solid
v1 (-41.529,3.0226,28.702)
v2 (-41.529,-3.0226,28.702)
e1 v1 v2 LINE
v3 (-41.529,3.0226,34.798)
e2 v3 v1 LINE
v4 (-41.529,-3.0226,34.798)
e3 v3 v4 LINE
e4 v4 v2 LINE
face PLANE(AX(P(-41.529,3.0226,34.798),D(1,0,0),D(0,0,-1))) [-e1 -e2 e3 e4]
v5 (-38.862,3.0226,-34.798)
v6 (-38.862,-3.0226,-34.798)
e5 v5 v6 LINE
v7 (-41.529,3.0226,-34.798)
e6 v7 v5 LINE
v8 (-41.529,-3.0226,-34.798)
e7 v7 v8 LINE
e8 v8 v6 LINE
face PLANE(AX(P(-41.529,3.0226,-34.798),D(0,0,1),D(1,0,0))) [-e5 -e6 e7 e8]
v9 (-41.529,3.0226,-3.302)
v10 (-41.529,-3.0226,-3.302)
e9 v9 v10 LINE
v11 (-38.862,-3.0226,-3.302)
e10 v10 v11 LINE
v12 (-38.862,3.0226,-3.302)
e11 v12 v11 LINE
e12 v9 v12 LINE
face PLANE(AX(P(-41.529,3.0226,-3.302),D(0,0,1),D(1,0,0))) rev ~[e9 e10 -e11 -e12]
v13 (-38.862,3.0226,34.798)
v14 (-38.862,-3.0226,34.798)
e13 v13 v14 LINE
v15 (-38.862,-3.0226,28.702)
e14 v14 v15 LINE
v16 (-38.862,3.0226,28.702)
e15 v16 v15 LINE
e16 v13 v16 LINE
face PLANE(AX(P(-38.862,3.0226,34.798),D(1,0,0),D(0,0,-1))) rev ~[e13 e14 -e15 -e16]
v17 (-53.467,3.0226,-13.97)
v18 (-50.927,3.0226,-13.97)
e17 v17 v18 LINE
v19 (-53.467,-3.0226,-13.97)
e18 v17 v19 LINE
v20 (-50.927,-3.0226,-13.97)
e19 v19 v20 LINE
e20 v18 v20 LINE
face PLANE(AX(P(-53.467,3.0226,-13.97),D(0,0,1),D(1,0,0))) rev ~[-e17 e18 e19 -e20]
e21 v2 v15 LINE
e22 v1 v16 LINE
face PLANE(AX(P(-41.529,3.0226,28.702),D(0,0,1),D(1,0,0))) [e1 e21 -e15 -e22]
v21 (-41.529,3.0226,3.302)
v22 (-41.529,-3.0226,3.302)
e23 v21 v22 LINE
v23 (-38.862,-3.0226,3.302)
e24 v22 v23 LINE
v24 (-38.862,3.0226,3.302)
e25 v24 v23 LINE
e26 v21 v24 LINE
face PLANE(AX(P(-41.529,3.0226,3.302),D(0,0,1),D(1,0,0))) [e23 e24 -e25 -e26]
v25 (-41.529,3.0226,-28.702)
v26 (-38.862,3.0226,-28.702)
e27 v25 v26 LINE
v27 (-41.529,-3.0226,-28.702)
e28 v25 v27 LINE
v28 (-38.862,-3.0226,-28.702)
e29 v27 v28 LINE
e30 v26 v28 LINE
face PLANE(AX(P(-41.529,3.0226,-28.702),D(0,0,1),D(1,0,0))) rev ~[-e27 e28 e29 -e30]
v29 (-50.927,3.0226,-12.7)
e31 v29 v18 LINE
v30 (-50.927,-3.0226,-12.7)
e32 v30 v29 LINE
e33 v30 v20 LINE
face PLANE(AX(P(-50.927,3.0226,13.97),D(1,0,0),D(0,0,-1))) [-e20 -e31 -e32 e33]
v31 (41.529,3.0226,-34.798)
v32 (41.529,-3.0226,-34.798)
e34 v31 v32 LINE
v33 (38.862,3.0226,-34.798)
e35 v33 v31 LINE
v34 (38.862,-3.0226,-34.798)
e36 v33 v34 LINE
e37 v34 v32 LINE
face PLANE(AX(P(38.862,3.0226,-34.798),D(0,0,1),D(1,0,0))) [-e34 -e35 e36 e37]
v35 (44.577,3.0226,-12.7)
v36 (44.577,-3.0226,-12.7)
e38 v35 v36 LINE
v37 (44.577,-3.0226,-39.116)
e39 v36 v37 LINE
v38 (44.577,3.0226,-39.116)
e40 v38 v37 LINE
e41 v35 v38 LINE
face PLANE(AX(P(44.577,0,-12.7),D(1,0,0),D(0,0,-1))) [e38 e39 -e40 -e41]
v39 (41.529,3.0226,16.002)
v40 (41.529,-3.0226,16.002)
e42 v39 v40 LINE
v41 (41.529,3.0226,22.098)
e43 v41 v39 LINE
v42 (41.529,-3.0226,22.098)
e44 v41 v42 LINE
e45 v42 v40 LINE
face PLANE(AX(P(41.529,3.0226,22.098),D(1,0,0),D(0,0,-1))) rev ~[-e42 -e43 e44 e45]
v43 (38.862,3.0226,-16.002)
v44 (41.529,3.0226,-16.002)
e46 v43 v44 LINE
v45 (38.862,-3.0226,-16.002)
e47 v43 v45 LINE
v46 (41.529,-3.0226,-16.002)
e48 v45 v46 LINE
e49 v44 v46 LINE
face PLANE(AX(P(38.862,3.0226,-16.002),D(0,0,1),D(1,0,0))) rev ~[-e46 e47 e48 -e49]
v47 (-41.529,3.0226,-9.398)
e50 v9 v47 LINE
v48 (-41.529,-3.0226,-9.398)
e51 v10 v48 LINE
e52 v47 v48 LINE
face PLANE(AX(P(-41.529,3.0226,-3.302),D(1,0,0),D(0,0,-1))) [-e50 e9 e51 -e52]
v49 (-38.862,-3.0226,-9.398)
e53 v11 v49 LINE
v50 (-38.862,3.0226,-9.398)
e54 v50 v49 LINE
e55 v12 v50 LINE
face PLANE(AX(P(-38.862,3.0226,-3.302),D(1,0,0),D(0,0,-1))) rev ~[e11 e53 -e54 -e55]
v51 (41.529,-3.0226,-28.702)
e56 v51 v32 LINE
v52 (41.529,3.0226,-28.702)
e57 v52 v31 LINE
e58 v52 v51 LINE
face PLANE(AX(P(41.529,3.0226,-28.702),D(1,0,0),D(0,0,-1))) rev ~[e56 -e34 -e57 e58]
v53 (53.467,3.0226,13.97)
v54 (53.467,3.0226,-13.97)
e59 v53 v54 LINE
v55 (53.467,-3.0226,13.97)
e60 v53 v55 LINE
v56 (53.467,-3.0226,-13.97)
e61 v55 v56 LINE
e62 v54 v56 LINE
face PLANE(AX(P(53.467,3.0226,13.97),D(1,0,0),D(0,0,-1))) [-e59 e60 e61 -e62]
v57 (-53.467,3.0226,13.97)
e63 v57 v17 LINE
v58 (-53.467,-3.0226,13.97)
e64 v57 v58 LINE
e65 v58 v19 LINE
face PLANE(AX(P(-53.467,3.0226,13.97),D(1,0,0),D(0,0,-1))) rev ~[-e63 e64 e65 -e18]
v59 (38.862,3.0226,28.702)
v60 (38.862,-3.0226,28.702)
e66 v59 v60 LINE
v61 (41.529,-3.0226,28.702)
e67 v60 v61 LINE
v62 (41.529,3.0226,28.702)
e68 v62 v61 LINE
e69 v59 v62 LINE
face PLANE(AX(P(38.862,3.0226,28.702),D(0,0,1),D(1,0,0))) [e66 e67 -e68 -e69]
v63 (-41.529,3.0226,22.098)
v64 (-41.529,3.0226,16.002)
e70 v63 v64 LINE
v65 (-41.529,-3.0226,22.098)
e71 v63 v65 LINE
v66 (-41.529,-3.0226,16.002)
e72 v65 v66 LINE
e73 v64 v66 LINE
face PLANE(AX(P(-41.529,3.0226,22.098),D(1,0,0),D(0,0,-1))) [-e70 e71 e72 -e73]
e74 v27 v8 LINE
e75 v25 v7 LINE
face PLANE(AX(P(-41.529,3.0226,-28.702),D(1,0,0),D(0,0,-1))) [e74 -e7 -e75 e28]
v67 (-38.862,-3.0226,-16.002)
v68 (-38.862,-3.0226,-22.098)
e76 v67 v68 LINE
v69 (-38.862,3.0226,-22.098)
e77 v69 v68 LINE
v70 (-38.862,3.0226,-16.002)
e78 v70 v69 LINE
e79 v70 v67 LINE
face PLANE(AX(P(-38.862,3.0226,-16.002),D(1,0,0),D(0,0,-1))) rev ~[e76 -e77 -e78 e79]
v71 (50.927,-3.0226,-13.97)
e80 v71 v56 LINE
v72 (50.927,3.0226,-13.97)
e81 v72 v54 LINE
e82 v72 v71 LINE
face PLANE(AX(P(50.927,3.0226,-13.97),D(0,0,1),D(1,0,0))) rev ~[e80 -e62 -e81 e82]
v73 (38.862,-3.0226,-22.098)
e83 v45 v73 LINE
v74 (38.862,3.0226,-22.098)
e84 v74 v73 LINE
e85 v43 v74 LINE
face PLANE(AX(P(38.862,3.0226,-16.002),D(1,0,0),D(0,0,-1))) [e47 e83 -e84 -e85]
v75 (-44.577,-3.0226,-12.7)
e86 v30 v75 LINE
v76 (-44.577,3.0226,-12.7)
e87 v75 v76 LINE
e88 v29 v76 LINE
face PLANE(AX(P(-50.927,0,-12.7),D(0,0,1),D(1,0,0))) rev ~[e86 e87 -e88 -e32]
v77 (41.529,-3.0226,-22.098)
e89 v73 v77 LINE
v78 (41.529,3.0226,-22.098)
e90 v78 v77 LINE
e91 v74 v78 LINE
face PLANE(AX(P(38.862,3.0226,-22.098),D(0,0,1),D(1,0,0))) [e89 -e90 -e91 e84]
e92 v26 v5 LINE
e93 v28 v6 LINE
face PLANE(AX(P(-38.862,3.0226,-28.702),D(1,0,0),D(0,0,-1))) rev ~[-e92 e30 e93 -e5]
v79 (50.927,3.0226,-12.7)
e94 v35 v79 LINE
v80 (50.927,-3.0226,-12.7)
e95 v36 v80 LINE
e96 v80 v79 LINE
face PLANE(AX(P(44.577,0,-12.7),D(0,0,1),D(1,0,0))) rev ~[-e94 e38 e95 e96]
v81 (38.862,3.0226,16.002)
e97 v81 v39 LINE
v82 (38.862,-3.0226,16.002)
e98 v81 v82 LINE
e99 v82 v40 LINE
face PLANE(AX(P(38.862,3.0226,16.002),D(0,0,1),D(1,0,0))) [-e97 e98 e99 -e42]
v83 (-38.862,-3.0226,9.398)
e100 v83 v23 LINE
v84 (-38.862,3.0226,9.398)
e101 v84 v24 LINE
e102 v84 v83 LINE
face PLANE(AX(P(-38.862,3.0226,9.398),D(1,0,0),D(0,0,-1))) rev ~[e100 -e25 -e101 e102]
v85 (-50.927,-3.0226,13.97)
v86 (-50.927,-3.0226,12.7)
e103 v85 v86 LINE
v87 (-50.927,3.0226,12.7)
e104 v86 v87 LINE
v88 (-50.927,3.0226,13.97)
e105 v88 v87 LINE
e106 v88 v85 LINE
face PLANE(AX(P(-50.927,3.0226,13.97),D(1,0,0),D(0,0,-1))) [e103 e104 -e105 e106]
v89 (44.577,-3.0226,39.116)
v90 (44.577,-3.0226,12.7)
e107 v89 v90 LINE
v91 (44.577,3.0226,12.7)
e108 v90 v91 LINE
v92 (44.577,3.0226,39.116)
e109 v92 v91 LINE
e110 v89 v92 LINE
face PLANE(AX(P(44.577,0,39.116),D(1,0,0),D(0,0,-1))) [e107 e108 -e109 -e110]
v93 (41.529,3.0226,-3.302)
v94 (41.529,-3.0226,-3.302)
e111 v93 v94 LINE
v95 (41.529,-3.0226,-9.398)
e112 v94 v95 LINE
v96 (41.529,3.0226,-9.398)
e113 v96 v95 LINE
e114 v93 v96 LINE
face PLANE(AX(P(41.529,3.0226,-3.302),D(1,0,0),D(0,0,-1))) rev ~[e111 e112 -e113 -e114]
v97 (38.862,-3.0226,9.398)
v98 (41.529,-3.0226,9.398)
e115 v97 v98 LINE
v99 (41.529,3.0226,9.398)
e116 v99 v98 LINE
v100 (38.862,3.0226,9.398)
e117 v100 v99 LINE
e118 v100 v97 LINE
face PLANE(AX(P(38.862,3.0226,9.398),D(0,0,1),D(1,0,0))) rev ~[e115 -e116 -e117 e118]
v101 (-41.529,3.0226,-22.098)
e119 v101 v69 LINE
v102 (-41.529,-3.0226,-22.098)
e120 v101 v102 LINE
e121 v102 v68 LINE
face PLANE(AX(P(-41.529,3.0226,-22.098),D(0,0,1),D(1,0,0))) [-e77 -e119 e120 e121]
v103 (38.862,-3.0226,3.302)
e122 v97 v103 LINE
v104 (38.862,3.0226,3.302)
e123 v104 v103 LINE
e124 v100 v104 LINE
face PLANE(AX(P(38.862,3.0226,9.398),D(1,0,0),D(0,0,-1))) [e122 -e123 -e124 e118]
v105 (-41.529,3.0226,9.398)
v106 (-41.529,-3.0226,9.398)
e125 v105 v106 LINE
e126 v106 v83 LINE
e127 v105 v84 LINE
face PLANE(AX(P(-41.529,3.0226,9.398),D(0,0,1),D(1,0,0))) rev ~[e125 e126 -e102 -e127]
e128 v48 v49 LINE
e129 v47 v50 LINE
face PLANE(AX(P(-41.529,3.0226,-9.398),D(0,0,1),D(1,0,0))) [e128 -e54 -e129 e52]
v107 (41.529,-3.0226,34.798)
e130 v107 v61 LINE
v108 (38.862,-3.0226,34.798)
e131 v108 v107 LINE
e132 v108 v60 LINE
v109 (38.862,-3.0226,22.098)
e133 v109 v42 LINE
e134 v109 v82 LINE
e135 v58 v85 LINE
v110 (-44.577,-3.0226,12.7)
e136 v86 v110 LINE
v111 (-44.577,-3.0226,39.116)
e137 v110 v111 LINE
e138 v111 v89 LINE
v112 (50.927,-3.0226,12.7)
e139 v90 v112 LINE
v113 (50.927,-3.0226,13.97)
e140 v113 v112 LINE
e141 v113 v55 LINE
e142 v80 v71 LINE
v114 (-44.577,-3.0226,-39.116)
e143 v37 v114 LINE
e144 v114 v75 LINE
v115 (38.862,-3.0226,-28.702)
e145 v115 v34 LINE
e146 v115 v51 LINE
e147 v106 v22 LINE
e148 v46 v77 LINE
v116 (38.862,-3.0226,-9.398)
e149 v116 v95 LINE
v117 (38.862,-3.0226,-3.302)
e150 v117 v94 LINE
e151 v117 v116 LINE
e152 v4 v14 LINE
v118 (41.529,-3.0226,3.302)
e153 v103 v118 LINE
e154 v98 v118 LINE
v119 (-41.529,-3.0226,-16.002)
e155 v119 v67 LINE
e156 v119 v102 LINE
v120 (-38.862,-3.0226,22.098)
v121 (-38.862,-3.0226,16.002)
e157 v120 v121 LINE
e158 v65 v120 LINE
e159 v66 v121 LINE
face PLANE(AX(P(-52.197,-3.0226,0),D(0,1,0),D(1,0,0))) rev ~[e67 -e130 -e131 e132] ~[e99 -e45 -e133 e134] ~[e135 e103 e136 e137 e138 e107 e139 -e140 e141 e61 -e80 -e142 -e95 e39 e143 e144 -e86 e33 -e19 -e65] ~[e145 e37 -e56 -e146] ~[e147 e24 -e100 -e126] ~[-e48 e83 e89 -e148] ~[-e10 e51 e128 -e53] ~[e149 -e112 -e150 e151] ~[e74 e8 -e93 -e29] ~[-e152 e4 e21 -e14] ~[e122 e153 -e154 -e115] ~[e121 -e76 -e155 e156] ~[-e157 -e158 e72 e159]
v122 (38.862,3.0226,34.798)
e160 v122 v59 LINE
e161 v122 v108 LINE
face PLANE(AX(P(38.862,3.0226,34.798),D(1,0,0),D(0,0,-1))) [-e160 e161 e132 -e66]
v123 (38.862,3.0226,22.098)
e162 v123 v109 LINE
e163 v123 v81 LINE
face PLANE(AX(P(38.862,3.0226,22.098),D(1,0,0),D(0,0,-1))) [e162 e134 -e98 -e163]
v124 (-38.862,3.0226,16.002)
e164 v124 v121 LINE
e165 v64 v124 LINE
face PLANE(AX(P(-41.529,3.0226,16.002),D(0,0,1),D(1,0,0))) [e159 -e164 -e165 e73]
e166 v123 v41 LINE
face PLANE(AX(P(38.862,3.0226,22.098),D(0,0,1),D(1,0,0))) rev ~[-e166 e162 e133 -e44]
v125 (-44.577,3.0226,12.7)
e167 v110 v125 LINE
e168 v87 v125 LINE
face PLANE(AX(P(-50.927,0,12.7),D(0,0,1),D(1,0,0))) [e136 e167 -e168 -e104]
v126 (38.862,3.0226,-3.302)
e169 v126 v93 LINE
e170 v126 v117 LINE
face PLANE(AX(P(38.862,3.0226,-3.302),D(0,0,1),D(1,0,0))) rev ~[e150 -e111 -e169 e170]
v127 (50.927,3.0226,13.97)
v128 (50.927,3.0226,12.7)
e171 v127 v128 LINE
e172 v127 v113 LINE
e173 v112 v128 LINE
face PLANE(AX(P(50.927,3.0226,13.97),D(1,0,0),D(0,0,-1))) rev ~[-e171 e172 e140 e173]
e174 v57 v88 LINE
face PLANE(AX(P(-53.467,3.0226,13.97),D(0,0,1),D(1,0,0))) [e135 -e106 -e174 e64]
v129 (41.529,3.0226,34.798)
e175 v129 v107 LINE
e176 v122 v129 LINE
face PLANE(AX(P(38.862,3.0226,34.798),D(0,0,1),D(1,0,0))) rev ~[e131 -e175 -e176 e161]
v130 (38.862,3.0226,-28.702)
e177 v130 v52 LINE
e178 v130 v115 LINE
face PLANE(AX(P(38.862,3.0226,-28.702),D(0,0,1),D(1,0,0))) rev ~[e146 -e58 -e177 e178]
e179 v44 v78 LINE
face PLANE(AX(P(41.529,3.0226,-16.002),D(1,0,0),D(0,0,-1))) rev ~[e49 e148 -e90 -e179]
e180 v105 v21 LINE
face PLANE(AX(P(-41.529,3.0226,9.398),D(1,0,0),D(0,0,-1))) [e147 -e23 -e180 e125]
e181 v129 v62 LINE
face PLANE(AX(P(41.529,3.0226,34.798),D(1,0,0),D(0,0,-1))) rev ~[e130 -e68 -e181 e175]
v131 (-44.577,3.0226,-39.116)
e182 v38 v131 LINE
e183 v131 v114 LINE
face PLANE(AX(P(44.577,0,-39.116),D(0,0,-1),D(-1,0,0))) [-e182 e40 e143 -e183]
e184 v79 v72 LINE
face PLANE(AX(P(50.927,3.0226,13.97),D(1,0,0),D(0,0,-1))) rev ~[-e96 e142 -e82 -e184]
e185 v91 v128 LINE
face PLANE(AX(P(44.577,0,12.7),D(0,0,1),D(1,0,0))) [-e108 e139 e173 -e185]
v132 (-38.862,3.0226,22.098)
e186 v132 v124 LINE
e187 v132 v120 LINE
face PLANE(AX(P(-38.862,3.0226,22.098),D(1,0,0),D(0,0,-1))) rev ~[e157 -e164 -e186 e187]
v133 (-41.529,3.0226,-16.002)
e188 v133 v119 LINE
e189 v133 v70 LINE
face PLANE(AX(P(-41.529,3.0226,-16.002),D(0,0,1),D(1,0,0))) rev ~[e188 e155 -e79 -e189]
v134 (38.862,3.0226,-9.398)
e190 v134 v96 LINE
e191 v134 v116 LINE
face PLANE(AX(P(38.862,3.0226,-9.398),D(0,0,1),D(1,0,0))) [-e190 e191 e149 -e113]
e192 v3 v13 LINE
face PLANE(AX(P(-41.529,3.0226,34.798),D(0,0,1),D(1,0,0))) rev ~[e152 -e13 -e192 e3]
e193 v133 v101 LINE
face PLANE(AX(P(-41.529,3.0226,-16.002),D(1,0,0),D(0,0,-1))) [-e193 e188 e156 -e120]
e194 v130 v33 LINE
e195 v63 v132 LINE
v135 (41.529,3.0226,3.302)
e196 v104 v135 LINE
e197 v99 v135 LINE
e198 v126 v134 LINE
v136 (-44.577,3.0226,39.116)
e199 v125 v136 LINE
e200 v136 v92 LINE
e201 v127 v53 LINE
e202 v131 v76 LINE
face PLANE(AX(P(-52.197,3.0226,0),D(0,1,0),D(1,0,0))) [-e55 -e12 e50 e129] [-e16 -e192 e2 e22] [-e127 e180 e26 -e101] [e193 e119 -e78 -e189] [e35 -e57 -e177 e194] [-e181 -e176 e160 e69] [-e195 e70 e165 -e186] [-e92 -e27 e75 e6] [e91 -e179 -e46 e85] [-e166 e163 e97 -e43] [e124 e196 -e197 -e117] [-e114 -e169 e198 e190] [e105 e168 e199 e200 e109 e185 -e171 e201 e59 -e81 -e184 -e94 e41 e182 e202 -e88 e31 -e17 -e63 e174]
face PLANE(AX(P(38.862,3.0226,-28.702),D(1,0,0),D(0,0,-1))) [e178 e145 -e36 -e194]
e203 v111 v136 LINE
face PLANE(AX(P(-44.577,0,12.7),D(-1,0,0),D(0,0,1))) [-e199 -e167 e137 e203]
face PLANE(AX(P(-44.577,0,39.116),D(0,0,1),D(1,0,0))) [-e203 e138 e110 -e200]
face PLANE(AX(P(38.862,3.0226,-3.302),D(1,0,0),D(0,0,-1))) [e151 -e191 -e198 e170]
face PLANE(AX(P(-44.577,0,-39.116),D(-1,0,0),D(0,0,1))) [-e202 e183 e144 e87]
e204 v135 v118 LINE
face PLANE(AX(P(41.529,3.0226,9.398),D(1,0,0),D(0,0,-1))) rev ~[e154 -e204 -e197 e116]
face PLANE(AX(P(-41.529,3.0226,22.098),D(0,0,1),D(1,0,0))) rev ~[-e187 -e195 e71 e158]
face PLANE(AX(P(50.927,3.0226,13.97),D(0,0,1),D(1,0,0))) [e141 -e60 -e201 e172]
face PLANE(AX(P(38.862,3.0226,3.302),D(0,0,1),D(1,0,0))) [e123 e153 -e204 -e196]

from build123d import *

# Parameters (mm, degrees)
SKETCH1_W           = 6.35
SKETCH1_H           = 25.4
BOSS_EXTRUDE1_DEPTH = 3.0226
SKETCH4_W           = 2.667
SKETCH4_H           = 6.096
CUT_EXTRUDE2_DEPTH  = 6.0452
SKETCH5_W           = 2.54
SKETCH5_H           = 27.94
BOSS_EXTRUDE2_DEPTH = 6.0452


with BuildPart() as part:
    # Sketch1 → Boss-Extrude1 (new, symmetric)
    with BuildSketch(Plane(origin=(0, 0, 0), x_dir=(1, 0, 0), z_dir=(0, 1, 0))):
        Polygon((0, -39.116), (0, 39.116), (-44.577, 39.116), (-44.577, 12.7), (-44.577, -12.7), (-44.577, -39.116), align=None)
        with Locations((-47.752, 0)):
            Rectangle(SKETCH1_W, SKETCH1_H)
        Polygon((44.577, 39.116), (0, 39.116), (0, -39.116), (44.577, -39.116), (44.577, -12.7), (44.577, 12.7), align=None)
        with Locations((47.752, 0)):
            Rectangle(SKETCH1_W, SKETCH1_H)
    extrude(amount=BOSS_EXTRUDE1_DEPTH, both=True)

    # Sketch4 → Cut-Extrude2 (cut)
    with BuildSketch(Plane(origin=(0, 3.0226, 0), x_dir=(1, 0, 0), z_dir=(0, 1, 0))):
        with Locations((-40.1955, -31.75)):
            Rectangle(SKETCH4_W, SKETCH4_H)
        with Locations((-40.1955, -19.05)):
            Rectangle(SKETCH4_W, SKETCH4_H)
        with Locations((-40.1955, -6.35)):
            Rectangle(SKETCH4_W, SKETCH4_H)
        with Locations((-40.1955, 6.35)):
            Rectangle(SKETCH4_W, SKETCH4_H)
        with Locations((-40.1955, 19.05)):
            Rectangle(SKETCH4_W, SKETCH4_H)
        with Locations((-40.1955, 31.75)):
            Rectangle(SKETCH4_W, SKETCH4_H)
        with Locations((40.1955, -19.05)):
            Rectangle(SKETCH4_W, SKETCH4_H)
        with Locations((40.1955, -6.35)):
            Rectangle(SKETCH4_W, SKETCH4_H)
        with Locations((40.1955, 6.35)):
            Rectangle(SKETCH4_W, SKETCH4_H)
        with Locations((40.1955, 19.05)):
            Rectangle(SKETCH4_W, SKETCH4_H)
        with Locations((40.1955, 31.75)):
            Rectangle(SKETCH4_W, SKETCH4_H)
        with Locations((40.1955, -31.75)):
            Rectangle(SKETCH4_W, SKETCH4_H)
    extrude(amount=-CUT_EXTRUDE2_DEPTH, mode=Mode.SUBTRACT)

    # Sketch5 → Boss-Extrude2 (add)
    with BuildSketch(Plane(origin=(0, 3.0226, 0), x_dir=(1, 0, 0), z_dir=(0, 1, 0))):
        with Locations((-52.197, 0)):
            Rectangle(SKETCH5_W, SKETCH5_H)
        with Locations((52.197, 0)):
            Rectangle(SKETCH5_W, SKETCH5_H)
    extrude(amount=-BOSS_EXTRUDE2_DEPTH)


solid = part.part
